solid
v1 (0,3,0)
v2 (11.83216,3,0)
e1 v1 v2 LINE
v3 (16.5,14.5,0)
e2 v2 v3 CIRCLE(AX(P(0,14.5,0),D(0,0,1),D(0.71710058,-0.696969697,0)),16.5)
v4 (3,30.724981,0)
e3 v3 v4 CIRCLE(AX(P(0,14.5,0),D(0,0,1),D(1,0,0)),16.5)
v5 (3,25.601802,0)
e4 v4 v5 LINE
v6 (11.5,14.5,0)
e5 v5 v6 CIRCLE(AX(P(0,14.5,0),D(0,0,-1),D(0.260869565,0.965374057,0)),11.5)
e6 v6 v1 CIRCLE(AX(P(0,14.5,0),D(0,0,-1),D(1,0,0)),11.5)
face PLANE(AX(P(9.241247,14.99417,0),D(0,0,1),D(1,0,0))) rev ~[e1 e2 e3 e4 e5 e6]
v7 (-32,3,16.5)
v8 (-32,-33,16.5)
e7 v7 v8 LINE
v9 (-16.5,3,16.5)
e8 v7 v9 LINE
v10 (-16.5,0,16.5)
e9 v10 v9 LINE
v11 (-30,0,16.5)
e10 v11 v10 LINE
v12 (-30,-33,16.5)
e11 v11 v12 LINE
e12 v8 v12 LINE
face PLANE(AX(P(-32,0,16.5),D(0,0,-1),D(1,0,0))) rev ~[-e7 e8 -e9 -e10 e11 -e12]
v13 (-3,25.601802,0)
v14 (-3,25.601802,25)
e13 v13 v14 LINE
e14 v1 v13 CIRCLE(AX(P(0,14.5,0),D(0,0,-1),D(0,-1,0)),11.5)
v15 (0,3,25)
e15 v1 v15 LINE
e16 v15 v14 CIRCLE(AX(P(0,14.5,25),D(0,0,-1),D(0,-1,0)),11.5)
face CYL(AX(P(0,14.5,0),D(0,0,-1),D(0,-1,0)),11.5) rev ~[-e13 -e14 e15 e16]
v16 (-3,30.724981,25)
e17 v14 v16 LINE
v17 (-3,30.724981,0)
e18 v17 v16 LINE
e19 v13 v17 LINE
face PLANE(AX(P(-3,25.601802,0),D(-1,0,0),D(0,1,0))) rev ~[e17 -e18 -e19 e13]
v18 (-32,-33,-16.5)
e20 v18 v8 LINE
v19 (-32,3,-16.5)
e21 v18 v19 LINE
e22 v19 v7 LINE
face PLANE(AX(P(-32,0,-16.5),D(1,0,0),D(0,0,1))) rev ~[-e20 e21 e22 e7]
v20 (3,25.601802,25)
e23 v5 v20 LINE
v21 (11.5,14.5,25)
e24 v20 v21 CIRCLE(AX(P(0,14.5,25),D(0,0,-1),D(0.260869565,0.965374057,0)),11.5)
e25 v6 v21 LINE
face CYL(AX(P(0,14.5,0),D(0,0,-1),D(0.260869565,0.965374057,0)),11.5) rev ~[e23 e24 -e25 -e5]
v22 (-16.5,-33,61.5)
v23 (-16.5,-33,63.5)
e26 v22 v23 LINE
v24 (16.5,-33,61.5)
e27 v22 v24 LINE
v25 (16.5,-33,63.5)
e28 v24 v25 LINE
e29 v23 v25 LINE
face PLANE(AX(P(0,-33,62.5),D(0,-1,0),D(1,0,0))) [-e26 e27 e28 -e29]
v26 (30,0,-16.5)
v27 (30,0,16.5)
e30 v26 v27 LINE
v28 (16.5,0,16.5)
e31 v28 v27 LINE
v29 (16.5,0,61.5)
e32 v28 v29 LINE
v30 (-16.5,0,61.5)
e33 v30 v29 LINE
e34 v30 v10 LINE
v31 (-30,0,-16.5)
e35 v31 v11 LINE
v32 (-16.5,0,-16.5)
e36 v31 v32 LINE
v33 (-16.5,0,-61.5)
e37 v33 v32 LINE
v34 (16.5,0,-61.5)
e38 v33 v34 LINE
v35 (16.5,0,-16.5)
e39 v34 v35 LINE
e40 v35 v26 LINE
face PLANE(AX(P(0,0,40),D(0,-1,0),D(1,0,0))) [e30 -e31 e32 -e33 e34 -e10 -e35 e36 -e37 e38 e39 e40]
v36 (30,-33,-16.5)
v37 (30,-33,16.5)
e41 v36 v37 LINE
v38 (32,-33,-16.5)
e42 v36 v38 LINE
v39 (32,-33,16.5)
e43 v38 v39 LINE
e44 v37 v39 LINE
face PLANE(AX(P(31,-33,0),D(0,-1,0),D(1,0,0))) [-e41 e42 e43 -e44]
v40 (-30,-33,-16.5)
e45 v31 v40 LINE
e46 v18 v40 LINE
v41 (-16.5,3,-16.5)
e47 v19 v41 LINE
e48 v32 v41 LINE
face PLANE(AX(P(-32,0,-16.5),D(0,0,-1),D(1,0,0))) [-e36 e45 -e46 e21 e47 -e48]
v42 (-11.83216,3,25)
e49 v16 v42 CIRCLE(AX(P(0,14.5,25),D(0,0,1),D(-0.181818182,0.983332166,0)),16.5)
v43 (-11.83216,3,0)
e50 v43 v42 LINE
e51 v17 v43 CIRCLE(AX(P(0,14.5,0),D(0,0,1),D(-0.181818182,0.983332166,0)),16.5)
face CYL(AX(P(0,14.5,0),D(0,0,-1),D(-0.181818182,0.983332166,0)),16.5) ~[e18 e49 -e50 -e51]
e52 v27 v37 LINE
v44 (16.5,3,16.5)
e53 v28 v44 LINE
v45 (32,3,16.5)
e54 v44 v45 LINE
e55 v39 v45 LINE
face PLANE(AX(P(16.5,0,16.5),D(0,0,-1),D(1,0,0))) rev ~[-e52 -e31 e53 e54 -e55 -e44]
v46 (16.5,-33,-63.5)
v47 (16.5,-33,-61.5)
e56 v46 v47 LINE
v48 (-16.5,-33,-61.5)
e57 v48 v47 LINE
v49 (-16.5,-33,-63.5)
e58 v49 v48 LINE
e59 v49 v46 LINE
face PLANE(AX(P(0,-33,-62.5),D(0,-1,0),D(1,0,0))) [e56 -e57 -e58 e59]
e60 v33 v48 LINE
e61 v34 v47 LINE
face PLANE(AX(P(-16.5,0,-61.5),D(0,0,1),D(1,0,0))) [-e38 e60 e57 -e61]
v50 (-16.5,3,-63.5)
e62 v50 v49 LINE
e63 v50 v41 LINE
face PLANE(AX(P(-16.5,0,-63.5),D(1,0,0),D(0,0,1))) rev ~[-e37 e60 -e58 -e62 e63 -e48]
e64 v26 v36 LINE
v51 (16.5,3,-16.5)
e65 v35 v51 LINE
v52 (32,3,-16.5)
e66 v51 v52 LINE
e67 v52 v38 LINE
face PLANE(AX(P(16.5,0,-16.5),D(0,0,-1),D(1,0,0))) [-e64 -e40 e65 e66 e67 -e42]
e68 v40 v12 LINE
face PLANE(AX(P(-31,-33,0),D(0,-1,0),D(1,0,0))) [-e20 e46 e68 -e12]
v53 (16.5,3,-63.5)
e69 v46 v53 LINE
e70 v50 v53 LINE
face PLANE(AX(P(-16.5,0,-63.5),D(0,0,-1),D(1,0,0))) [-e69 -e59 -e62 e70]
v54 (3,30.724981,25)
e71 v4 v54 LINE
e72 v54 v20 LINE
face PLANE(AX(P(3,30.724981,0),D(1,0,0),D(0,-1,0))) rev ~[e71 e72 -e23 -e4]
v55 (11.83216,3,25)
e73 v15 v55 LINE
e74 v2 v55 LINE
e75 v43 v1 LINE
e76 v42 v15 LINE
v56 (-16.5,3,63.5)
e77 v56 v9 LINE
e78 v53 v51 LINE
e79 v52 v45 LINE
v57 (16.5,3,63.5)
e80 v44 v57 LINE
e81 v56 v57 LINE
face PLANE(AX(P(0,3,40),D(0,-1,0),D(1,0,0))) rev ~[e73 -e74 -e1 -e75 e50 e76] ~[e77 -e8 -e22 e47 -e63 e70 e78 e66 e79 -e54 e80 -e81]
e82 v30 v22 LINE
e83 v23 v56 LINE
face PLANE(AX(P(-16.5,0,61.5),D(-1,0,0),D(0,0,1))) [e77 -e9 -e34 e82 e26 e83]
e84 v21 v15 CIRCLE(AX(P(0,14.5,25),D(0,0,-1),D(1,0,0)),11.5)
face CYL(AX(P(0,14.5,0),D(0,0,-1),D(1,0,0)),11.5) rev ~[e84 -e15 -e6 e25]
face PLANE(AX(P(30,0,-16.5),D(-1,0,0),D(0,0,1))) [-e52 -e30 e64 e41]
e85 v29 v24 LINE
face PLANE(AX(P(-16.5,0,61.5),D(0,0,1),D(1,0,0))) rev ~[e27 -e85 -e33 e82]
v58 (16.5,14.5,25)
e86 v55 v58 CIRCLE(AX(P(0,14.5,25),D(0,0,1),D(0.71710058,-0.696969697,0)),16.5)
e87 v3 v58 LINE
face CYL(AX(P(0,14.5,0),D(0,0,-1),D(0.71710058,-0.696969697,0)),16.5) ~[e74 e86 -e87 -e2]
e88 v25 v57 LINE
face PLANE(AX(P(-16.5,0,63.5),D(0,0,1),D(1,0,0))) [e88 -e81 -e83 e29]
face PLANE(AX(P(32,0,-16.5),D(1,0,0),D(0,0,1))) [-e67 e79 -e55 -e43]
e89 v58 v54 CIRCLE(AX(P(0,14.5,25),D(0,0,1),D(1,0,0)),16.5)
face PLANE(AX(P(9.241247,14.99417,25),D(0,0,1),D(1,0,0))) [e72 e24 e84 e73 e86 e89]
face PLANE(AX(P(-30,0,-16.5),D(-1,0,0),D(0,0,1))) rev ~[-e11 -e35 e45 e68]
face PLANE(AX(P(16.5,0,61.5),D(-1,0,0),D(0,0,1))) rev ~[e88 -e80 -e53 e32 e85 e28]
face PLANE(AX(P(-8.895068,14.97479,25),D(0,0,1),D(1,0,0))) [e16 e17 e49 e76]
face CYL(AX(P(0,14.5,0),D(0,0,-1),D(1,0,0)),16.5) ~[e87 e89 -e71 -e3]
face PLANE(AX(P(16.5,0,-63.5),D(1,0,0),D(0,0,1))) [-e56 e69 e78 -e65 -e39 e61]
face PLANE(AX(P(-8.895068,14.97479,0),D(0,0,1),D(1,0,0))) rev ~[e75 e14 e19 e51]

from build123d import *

# Parameters (mm, degrees)
F0_W     = 33
F0_H     = 47
F0_W_2   = 15.5
F0_H_2   = 33
F1_DEPTH = 3
F2_W     = 33
F2_H     = 2
F2_W_2   = 2
F2_H_2   = 33
F3_DEPTH = 33
F5_DEPTH = 25


with BuildPart() as f1:
    # F0 (on Front) → F1 (new body)
    with BuildSketch(Plane.XZ):
        with Locations((0, 40)):
            Rectangle(F0_W, F0_H)
        with Locations((24.25, 0)):
            Rectangle(F0_W_2, F0_H_2)
        Rectangle(F0_W, F0_H_2)
        with Locations((-24.25, 0)):
            Rectangle(F0_W_2, F0_H_2)
        with Locations((0, -40)):
            Rectangle(F0_W, F0_H)
    extrude(amount=-F1_DEPTH)

    # F2 (on face) → F3 (join)
    with BuildSketch(Plane.XZ):
        with Locations((0, 62.5)):
            Rectangle(F2_W, F2_H)
        with Locations((-31, 0)):
            Rectangle(F2_W_2, F2_H_2)
        with Locations((0, -62.5)):
            Rectangle(F2_W, F2_H)
        with Locations((31, 0)):
            Rectangle(F2_W_2, F2_H_2)
    extrude(amount=F3_DEPTH)

    # F4 (on Top) → F5 (join)
    with BuildSketch(Plane.XY):
        with BuildLine():
            Line((-11.8321595662, 3), (0, 3))
            ThreePointArc((0, 3), (-11.4000157684, 12.9868441982), (-3, 25.6018016556))
            Line((-3, 25.6018016556), (-3, 30.7249807396))
            ThreePointArc((-3, 30.7249807396), (-15.7215418646, 19.5083052421), (-11.8321595662, 3))
        make_face()
        with BuildLine():
            ThreePointArc((3, 25.6018016556), (9.1309911839, 21.4910657271), (11.5, 14.5))
            ThreePointArc((11.5, 14.5), (8.1317279836, 6.3682720164), (0, 3))
            Line((0, 3), (11.8321595662, 3))
            ThreePointArc((11.8321595662, 3), (15.2885681612, 8.294382901), (16.5, 14.5))
            ThreePointArc((16.5, 14.5), (12.683650894, 25.0534354596), (3, 30.7249807396))
            Line((3, 30.7249807396), (3, 25.6018016556))
        make_face()
    extrude(amount=F5_DEPTH)


solid = f1.part
